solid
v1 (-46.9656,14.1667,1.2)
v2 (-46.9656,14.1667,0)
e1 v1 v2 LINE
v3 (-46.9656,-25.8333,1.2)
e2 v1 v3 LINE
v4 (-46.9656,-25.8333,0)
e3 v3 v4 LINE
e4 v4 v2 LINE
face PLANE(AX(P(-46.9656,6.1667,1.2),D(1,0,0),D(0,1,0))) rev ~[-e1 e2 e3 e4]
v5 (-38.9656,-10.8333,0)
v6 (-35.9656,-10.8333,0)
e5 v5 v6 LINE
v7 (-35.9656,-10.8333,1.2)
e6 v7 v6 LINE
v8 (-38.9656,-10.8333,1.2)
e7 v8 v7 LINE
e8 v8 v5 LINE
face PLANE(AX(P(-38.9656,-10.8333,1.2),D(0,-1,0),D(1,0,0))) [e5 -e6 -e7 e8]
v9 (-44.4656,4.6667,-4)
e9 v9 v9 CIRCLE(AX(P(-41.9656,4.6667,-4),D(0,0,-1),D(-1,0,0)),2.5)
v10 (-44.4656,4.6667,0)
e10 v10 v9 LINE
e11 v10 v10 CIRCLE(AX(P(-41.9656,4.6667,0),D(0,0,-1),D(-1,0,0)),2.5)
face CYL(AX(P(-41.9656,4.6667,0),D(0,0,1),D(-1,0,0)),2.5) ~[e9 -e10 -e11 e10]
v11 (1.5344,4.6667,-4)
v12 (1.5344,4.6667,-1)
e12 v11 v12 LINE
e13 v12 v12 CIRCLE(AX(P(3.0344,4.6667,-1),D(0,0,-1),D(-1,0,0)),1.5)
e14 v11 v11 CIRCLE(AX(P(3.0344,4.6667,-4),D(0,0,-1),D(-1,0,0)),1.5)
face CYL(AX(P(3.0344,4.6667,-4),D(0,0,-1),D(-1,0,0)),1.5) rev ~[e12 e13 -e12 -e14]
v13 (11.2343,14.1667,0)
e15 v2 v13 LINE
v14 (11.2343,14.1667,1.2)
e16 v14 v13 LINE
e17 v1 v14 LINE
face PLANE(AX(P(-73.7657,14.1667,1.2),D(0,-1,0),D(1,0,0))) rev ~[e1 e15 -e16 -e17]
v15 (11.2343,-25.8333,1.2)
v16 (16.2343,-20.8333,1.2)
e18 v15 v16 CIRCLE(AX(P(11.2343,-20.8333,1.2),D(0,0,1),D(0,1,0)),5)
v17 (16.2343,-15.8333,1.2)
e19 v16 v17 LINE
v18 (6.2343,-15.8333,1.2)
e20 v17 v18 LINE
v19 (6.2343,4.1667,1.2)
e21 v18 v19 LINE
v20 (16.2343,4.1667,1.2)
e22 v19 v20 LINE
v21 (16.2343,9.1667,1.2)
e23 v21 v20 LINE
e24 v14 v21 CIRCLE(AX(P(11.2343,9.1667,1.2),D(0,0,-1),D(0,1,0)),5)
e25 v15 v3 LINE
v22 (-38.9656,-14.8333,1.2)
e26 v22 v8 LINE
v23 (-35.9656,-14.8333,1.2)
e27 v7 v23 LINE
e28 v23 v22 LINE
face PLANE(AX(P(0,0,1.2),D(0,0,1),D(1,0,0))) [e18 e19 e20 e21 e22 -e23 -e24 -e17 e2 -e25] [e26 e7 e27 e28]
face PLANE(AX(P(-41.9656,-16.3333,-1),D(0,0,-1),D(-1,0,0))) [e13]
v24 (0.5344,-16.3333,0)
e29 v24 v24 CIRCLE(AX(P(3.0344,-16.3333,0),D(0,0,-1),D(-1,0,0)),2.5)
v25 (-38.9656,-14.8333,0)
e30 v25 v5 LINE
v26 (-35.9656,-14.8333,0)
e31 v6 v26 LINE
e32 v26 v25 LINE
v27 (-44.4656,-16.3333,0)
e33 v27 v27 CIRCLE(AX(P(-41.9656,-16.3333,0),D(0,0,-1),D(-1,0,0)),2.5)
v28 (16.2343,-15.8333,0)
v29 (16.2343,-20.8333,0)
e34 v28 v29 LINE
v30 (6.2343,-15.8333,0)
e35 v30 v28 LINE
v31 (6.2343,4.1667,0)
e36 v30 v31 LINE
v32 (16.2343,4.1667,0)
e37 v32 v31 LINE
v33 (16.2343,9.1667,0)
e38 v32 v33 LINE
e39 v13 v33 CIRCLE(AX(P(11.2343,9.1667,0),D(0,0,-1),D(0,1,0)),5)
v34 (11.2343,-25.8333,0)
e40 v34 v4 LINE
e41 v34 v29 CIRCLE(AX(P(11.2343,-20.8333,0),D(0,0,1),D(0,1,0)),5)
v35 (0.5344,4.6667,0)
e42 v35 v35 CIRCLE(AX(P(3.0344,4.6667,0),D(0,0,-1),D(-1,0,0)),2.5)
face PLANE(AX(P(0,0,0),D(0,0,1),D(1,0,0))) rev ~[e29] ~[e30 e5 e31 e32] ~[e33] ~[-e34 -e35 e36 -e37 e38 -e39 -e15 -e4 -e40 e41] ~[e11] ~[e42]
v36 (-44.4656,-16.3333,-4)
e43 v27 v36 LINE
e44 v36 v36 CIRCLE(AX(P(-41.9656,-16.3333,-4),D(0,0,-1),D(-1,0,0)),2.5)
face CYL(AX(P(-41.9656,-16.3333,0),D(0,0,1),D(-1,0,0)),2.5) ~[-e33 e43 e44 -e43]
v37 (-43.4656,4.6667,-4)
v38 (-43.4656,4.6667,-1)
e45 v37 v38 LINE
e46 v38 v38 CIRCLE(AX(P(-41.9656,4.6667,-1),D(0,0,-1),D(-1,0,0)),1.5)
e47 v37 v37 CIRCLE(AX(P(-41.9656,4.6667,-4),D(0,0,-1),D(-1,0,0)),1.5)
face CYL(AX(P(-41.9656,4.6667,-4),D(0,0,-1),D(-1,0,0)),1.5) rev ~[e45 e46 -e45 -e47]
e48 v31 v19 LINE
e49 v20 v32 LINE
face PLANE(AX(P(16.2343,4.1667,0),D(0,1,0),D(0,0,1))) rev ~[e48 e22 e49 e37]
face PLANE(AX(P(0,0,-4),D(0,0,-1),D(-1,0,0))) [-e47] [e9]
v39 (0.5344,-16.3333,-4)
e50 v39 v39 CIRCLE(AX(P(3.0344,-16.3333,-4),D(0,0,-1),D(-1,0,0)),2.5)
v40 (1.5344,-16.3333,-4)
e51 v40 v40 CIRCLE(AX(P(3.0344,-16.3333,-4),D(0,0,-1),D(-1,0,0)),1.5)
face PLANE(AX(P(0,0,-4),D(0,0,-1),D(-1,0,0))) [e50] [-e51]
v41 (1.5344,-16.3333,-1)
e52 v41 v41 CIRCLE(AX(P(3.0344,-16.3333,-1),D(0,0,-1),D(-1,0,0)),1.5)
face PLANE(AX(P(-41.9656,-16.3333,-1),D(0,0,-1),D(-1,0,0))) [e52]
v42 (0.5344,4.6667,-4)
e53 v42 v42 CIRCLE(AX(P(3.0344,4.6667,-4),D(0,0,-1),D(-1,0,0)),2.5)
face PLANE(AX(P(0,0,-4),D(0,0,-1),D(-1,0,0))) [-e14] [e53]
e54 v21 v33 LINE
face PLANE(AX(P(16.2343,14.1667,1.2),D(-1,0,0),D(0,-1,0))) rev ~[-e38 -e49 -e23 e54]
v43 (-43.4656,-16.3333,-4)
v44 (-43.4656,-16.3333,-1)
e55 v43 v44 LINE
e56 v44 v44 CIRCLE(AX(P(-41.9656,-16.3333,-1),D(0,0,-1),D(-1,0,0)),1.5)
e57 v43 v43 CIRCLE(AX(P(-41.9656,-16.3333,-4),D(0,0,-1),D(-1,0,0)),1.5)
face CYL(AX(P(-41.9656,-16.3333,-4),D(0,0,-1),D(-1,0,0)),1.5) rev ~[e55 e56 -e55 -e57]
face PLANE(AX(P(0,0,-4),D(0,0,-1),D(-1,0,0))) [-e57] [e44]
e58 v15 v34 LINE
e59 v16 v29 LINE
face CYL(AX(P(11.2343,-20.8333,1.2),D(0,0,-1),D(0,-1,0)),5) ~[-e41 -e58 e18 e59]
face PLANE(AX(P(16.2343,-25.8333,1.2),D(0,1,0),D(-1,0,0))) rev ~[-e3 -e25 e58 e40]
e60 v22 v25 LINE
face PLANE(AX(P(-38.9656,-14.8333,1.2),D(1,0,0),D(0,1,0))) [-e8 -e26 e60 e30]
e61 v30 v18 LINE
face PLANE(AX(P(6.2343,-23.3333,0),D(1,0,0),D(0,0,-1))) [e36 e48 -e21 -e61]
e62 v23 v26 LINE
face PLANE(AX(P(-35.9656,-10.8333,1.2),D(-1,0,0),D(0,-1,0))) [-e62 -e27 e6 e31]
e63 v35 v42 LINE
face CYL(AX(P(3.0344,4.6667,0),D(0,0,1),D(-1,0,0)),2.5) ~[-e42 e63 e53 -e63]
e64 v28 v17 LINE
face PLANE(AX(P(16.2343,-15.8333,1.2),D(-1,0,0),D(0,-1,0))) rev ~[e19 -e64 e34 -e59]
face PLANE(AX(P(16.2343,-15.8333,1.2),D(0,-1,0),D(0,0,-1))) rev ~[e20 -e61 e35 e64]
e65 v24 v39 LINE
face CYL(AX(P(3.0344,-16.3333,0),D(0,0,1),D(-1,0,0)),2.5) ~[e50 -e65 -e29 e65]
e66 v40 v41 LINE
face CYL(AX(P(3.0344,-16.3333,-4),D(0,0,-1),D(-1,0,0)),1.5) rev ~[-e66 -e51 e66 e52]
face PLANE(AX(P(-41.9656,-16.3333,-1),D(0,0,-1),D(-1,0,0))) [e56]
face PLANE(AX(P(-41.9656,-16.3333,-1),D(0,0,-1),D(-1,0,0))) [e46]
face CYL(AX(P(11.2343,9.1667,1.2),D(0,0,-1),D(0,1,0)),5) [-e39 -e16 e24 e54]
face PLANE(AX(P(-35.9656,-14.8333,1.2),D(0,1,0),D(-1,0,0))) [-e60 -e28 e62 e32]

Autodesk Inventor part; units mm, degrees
ref_plane "YZ Plane" through (0, 0, 0) normal (1, 0, 0) x (0, 1, 0)
ref_plane "XZ Plane" through (0, 0, 0) normal (0, 1, 0) x (-1, 0, 0)
ref_plane "XY Plane" through (0, 0, 0) normal (0, 0, 1) x (1, 0, 0)
sketch "Sketch1" plane through (0, 0, 0) normal (0, 0, 1) x (1, 0, 0)
  line L0 (-66.7657, 11.6667) -> (16.2343, 11.6667)
  line L1 (16.2343, 11.6667) -> (16.2343, -23.3333)
  line L2 (16.2343, -23.3333) -> (-66.7657, -23.3333)
  line L3 (-66.7657, -23.3333) -> (-66.7657, 11.6667)
  point P0 (0, 0)
  dimension "d0" = 35
  dimension "d1" = 83
extrude "Extrusion1" add sketch "Sketch1" along normal blind 1.2
sketch "Sketch2" plane through (0, 0, 1.2) normal (0, 0, 1) x (1, 0, 0)
  line L0 (16.2343, -23.3333) -> (16.2343, 11.6667) projected
  line L1 (-66.7657, 11.6667) -> (16.2343, 11.6667)
  line L2 (16.2343, 11.6667) -> (16.2343, 9.8667)
  line L3 (16.2343, 9.8667) -> (-66.7657, 9.8667)
  line L4 (-66.7657, 9.8667) -> (-66.7657, 11.6667)
  line L5 (-66.7657, 11.6667) -> (-66.7657, -23.3333) projected
  line L6 (16.2343, -23.3333) -> (-66.7657, -23.3333)
  line L7 (-66.7657, -23.3333) -> (-66.7657, -21.5333)
  line L8 (-66.7657, -21.5333) -> (16.2343, -21.5333)
  line L9 (16.2343, -21.5333) -> (16.2343, -23.3333)
  line L10 (-66.7657, 9.8667) -> (-65.5657, 9.8667)
  line L11 (-65.5657, 9.8667) -> (-65.5657, -21.5333)
  line L12 (-65.5657, -21.5333) -> (-66.7657, -21.5333)
  line L13 (-66.7657, -21.5333) -> (-66.7657, 9.8667)
  line L14 (16.2343, 9.8667) -> (15.0343, 9.8667)
  line L15 (15.0343, 9.8667) -> (15.0343, -21.5333)
  line L16 (15.0343, -21.5333) -> (16.2343, -21.5333)
  line L17 (16.2343, -21.5333) -> (16.2343, 9.8667)
  line L18 (-66.7657, 11.6667) -> (-65.5657, 11.6667)
  line L19 (-65.5657, 11.6667) -> (-65.5657, -21.5333)
  line L20 (-65.5657, -21.5333) -> (-66.7657, -21.5333)
  line L21 (-66.7657, -21.5333) -> (-66.7657, 11.6667)
  line L22 (-66.7657, 11.6667) -> (16.2343, 11.6667)
  line L23 (16.2343, 11.6667) -> (16.2343, 9.8667)
  line L24 (16.2343, 9.8667) -> (-66.7657, 9.8667)
  line L25 (-66.7657, 9.8667) -> (-66.7657, 11.6667)
  point P0 (0, 0)
  dimension "d4" = 1.8
  dimension "d5" = 1.8
  dimension "d6" = 1.2
  dimension "d7" = 1.2
extrude "Extrusion2" add sketch "Sketch2" along normal blind 30 contours L6 L5 L8 L0 | L8 L15 L3 L0 | L3 L19 L1 L0 | L5 L3 L11 L8 | L4 L1 L19 L3
sketch "Sketch3" plane through (0, 0, 31.2) normal (0, 0, 1) x (1, 0, 0)
  point P0 (0, 0)
sketch "Sketch4" plane through (16.2343, -23.3333, 0) normal (1, 0, 0) x (0, 0, -1)
  line L0 (-1.2, 33.2) -> (-1.2, 1.8) projected
  line L1 (-1.2, 7.5) -> (-6.2, 7.5)
  line L2 (-6.2, 7.5) -> (-6.2, 27.5)
  line L3 (-6.2, 27.5) -> (-1.2, 27.5)
  line L4 (-1.2, 27.5) -> (-1.2, 7.5)
  line L5 (-1.2, 1.8) -> (-31.2, 1.8) projected
  line L6 (-1.2, 33.2) -> (-31.2, 33.2) projected
  line L7 (-6.2, 7.5) -> (0, 7.5)
  line L8 (0, 7.5) -> (0, 27.5)
  line L9 (0, 27.5) -> (-6.2, 27.5)
  line L10 (-6.2, 27.5) -> (-6.2, 7.5)
  line L11 (0, 35) -> (0, 0) projected
  point P0 (0, 23.3333)
  dimension "d10" = 20
  dimension "d11" = 5
  dimension "d12" = 5.7
  dimension "d13" = 5.7
extrude "Extrusion3" cut sketch "Sketch4" against normal blind 10
fillet "Fillet1" radius 2 8 edges at (-66.7657, 11.6667, 15.6) (-65.5657, 9.8667, 16.2) (-66.7657, -23.3333, 15.6) (-65.5657, -21.5333, 16.2) (15.0343, 9.8667, 16.2) (16.2343, 11.6667, 15.6) (16.2343, -23.3333, 15.6) (15.0343, -21.5333, 16.2)
sketch "Sketch5" plane through (0, 0, 1.2) normal (0, 0, 1) x (1, 0, 0)
  circle A0 centre (10.0343, 6.6667) radius 1.5
  circle A1 centre (10.0343, -18.3333) radius 1.5
  line L0 (15.0343, 7.8667) -> (15.0343, -19.5333) projected
  line L1 (13.0343, -21.5333) -> (-63.5657, -21.5333) projected
  line L2 (-63.5657, 9.8667) -> (13.0343, 9.8667) projected
  point P0 (0, 0)
  dimension "d17" = 3
  dimension "d18" = 3
  dimension "d19" = 25
  dimension "d20" = 5
  dimension "d21" = 5
  dimension "d22" = 3.2
  dimension "d23" = 3.2
extrude "Extrusion4" add sketch "Sketch5" along normal blind 5
sketch "Sketch6" plane through (0, 0, 1.2) normal (0, 0, 1) x (1, 0, 0)
  circle A0 centre (-41.9656, -18.3962) radius 1.5
  circle A1 centre (-41.9656, 6.6038) radius 1.5
  circle A2 centre (10.0343, 6.6667) radius 1.5 projected
  circle A3 centre (10.0343, -18.3333) radius 1.5 projected
  point P0 (0, 0)
  dimension "d26" = 3
  dimension "d27" = 3
  dimension "d28" = 25
  dimension "d29" = 52
  dimension "d30" = 52
extrude "Extrusion5" add sketch "Sketch6" along normal blind 5 contours A0 | A1
sketch "Sketch7" plane through (-41.9656, 6.6038, 6.2) normal (0, 0, 1) x (1, 0, 0)
  point P0 (41.9656, -6.6038)
sketch "Sketch8" plane through (0, 0, 1.2) normal (0, 0, 1) x (1, 0, 0)
  circle A0 centre (-41.9656, -18.3962) radius 1.5 projected
  circle A1 centre (-41.9656, -18.3962) radius 3
  circle A2 centre (-41.9656, 6.6038) radius 1.5 projected
  circle A3 centre (-41.9656, 6.6038) radius 3
  circle A4 centre (10.0343, -18.3333) radius 1.5 projected
  circle A5 centre (10.0343, -18.3333) radius 3
  circle A6 centre (10.0343, 6.6667) radius 1.5 projected
  circle A7 centre (10.0343, 6.6667) radius 3
  point P0 (0, 0)
  dimension "d33" = 6
  dimension "d34" = 6
  dimension "d35" = 6
  dimension "d36" = 6
extrude "Extrusion6" add sketch "Sketch8" along normal blind 5
sketch "Sketch9" plane through (0, 0, 1.2) normal (0, 0, 1) x (1, 0, 0)
  arc A0 (8.376, -15.8333) -> (11.6926, -15.8333) centre (10.0343, -18.3333) ccw projected
  circle A1 centre (10.0343, -18.3333) radius 3
  arc A2 (11.6926, 4.1667) -> (8.376, 4.1667) centre (10.0343, 6.6667) ccw projected
  circle A3 centre (10.0343, 6.6667) radius 3
  point P0 (0, 0)
  dimension "d39" = 6
  dimension "d40" = 6
extrude "Extrusion7" add sketch "Sketch9" against normal blind 1.2
sketch "Sketch10" plane through (-41.9656, -18.3962, 6.2) normal (0, 0, 1) x (1, 0, 0)
  circle A0 centre (0, 0) radius 3 projected
  circle A1 centre (0, 0) radius 1.5
  circle A2 centre (0, 25) radius 3 projected
  circle A3 centre (0, 25) radius 1.5
  circle A4 centre (52, 0.0629) radius 3 projected
  circle A5 centre (52, 0.0629) radius 1.5
  circle A6 centre (52, 25.0629) radius 3 projected
  circle A7 centre (52, 25.0629) radius 1.5
  point P0 (41.9656, 18.3962)
  dimension "d43" = 3
  dimension "d44" = 3
  dimension "d45" = 3
  dimension "d46" = 3
extrude "Extrusion8" cut sketch "Sketch10" against normal blind 4 contours A1 | A3 | A5 | A7
thread "Thread1" size "M3x0.5" class "6H" standard "ANSI Metric M Profile" full length
thread "Thread2" size "M3x0.5" class "6H" standard "ANSI Metric M Profile" full length
thread "Thread3" size "M3x0.5" class "6H" standard "ANSI Metric M Profile" full length
thread "Thread4" size "M3x0.5" class "6H" standard "ANSI Metric M Profile" full length
sketch "Sketch11" plane through (0, 0, 31.2) normal (0, 0, 1) x (1, 0, 0)
  arc A0 (-64.7657, 11.6667) -> (-66.7657, 9.6667) centre (-64.7657, 9.6667) ccw projected
  line L0 (-66.7657, 9.6667) -> (16.2343, 9.6667)
  line L1 (16.2343, 9.6667) -> (16.2343, 14.6667)
  line L2 (16.2343, 14.6667) -> (-66.7657, 14.6667)
  line L3 (-66.7657, 14.6667) -> (-66.7657, 9.6667)
  line L4 (16.2343, -21.3333) -> (-66.7657, -21.3333)
  line L5 (-66.7657, -21.3333) -> (-66.7657, -26.3333)
  line L6 (-66.7657, -26.3333) -> (16.2343, -26.3333)
  line L7 (16.2343, -26.3333) -> (16.2343, -21.3333)
  point P0 (0, 0)
  dimension "d57" = 5
  dimension "d58" = 5
  dimension "d59" = 83
extrude "Extrusion9" add sketch "Sketch11" against normal blind 31.2
fillet "Fillet2" radius 2 4 edges at (16.2343, -26.3333, 15.6) (16.2343, 14.6667, 15.6) (-66.7657, 14.6667, 15.6) (-66.7657, -26.3333, 15.6)
sketch "Sketch12" plane through (0, 0, 31.2) normal (0, 0, 1) x (1, 0, 0)
  line L0 (14.2343, -26.3333) -> (-64.7657, -26.3333) projected
  line L1 (8.2343, -26.3333) -> (-58.7657, -26.3333)
  line L2 (-58.7657, -26.3333) -> (-58.7657, -23.1333)
  line L3 (-58.7657, -23.1333) -> (8.2343, -23.1333)
  line L4 (8.2343, -23.1333) -> (8.2343, -26.3333)
  line L5 (-64.7657, 14.6667) -> (14.2343, 14.6667) projected
  line L6 (8.2343, 14.6667) -> (-58.7657, 14.6667)
  line L7 (-58.7657, 14.6667) -> (-58.7657, 11.4667)
  line L8 (-58.7657, 11.4667) -> (8.2343, 11.4667)
  line L9 (8.2343, 11.4667) -> (8.2343, 14.6667)
  line L10 (16.2343, -24.3333) -> (16.2343, 12.6667) projected
  line L11 (-66.7657, 12.6667) -> (-66.7657, -24.3333) projected
  line L12 (13.9061, -21.3333) -> (-64.4375, -21.3333) projected
  line L13 (10.0343, 9.6667) -> (-64.4375, 9.6667) projected
  point P0 (0, 0)
  dimension "d63" = 8
  dimension "d64" = 8
  dimension "d65" = 1.8
  dimension "d66" = 1.8
extrude "Extrusion10" cut sketch "Sketch12" against normal blind 31.2
fillet "Fillet3" radius 2 4 edges at (8.2343, -26.3333, 15.6) (-58.7657, -26.3333, 15.6) (8.2343, 14.6667, 15.6) (-58.7657, 14.6667, 15.6)
sketch "Sketch13" plane through (0, 0, 31.2) normal (0, 0, 1) x (1, 0, 0)
  line L0 (14.2343, -26.3333) -> (10.2343, -26.3333) projected
  circle A0 centre (12.2343, -23.9333) radius 1.5
  circle A1 centre (-62.7657, -23.9333) radius 1.5
  line L1 (-64.7657, -26.3333) -> (-60.7657, -26.3333) projected
  circle A2 centre (12.2343, 12.2667) radius 1.5
  circle A3 centre (-62.7657, 12.2667) radius 1.5
  line L2 (-66.7657, 12.6667) -> (-66.7657, -24.3333) projected
  line L3 (-60.7657, 14.6667) -> (-64.7657, 14.6667) projected
  line L4 (16.2343, -24.3333) -> (16.2343, 12.6667) projected
  line L5 (14.2343, 14.6667) -> (10.2343, 14.6667) projected
  line L6 (8.2343, -23.1333) -> (8.2343, -24.3333) projected
  point P0 (0, 0)
  dimension "d70" = 2.4
  dimension "d71" = 3
  dimension "d72" = 3
  dimension "d73" = 2.4
  dimension "d74" = 3
  dimension "d75" = 3
  dimension "d76" = 4
  dimension "d77" = 4
  dimension "d78" = 2.4
  dimension "d79" = 4
  dimension "d80" = 2.4
  dimension "d81" = 4
hole "Hole1" at (12.2343, -23.9333, 31.2) at (12.2343, 12.2667, 31.2) at (-62.7657, -23.9333, 31.2) at (-62.7657, 12.2667, 31.2) direction (0, 0, -1) diameter 3 depth 5 tip angle 118
sketch "Sketch14" plane through (0, 0, 31.2) normal (0, 0, 1) x (1, 0, 0)
  line L0 (-68.9331, 15.611) -> (20.031, 15.611)
  line L1 (20.031, 15.611) -> (20.031, -27.6485)
  line L2 (20.031, -27.6485) -> (-68.9331, -27.6485)
  line L3 (-68.9331, -27.6485) -> (-68.9331, 15.611)
  point P0 (0, 0)
extrude "Extrusion11" cut sketch "Sketch14" against normal blind 25
sketch "Sketch15" plane through (0, 0, 6.2) normal (0, 0, 1) x (1, 0, 0)
  line L0 (-73.259, 21.6297) -> (22.194, 21.6297)
  line L1 (22.194, 21.6297) -> (22.194, 9.6667)
  line L2 (22.194, 9.6667) -> (-73.259, 9.6667)
  line L3 (-73.259, 9.6667) -> (-73.259, 21.6297)
  line L4 (-69.8735, -21.3333) -> (26.0497, -21.3333)
  line L5 (26.0497, -21.3333) -> (26.0497, -30.3757)
  line L6 (26.0497, -30.3757) -> (-69.8735, -30.3757)
  line L7 (-69.8735, -30.3757) -> (-69.8735, -21.3333)
  line L8 (10.0343, 9.6667) -> (-64.4375, 9.6667) projected
  line L9 (-41.3548, -21.3333) -> (10.0343, -21.3333) projected
  point P0 (0, 0)
extrude "Extrusion12" cut sketch "Sketch15" against normal blind 25
sketch "Sketch16" plane through (0, 0, 1.2) normal (0, 0, 1) x (1, 0, 0)
  line L0 (6.2343, 4.1667) -> (16.2343, 4.1667)
  line L1 (16.2343, 4.1667) -> (16.2343, -15.8333)
  line L2 (16.2343, -15.8333) -> (6.2343, -15.8333)
  line L3 (6.2343, -15.8333) -> (6.2343, 4.1667)
  point P0 (0, 0)
extrude "Extrusion13" cut sketch "Sketch16" against normal blind 25
sketch "Sketch17" plane through (0, 0, 1.2) normal (0, 0, 1) x (1, 0, 0)
  line L0 (6.2343, 4.1667) -> (16.2343, 4.1667)
  line L1 (16.2343, 4.1667) -> (16.2343, -15.8333)
  line L2 (16.2343, -15.8333) -> (6.2343, -15.8333)
  line L3 (6.2343, -15.8333) -> (6.2343, 4.1667)
  point P0 (0, 0)
extrude "Extrusion14" cut sketch "Sketch17" along normal blind 25
sketch "Sketch18" plane through (0, 0, 1.2) normal (0, 0, 1) x (1, 0, 0)
  line L0 (15.0343, -19.5333) -> (15.0343, -15.8333) projected
  line L1 (6.2343, 5.1667) -> (15.0343, 5.1667)
  line L2 (15.0343, 5.1667) -> (15.0343, -16.8333)
  line L3 (15.0343, -16.8333) -> (6.2343, -16.8333)
  line L4 (6.2343, -16.8333) -> (6.2343, 5.1667)
  line L5 (6.2343, 4.1667) -> (8.376, 4.1667) projected
  line L6 (15.0343, -15.8333) -> (11.6926, -15.8333) projected
  line L7 (6.2343, -15.8333) -> (6.2343, 4.1667) projected
  point P0 (0, 0)
  dimension "d97" = 1
  dimension "d98" = 1
extrude "Extrusion15" cut sketch "Sketch18" along normal blind 25
sketch "Sketch19" plane through (0, 0, 6.2) normal (0, 0, 1) x (1, 0, 0)
  line L0 (13.9061, 9.6667) -> (16.2343, 9.6667)
  line L1 (16.2343, 9.6667) -> (16.2343, -21.3333)
  line L2 (16.2343, -21.3333) -> (13.9061, -21.3333)
  line L3 (13.9061, -21.3333) -> (13.9061, 9.6667)
  line L4 (-66.7657, 9.6667) -> (-64.4375, 9.6667)
  line L5 (-64.4375, 9.6667) -> (-64.4375, -21.3333)
  line L6 (-64.4375, -21.3333) -> (-66.7657, -21.3333)
  line L7 (-66.7657, -21.3333) -> (-66.7657, 9.6667)
  point P0 (0, 0)
extrude "Extrusion16" cut sketch "Sketch19" against normal blind 5
sketch "Sketch20" plane through (0, 0, 1.2) normal (0, 0, 1) x (1, 0, 0)
  line L0 (-73.7657, 14.1667) -> (16.2343, 14.1667)
  line L1 (16.2343, 14.1667) -> (16.2343, -25.8333)
  line L2 (16.2343, -25.8333) -> (-73.7657, -25.8333)
  line L3 (-73.7657, -25.8333) -> (-73.7657, 14.1667)
  line L4 (16.2343, 9.6667) -> (16.2343, 4.1667) projected
  line L5 (-66.7657, 9.6667) -> (16.2343, 9.6667) projected
  line L6 (-41.3548, -21.3333) -> (10.0343, -21.3333) projected
  line L7 (-66.7657, -21.3333) -> (-66.7657, 9.6667) projected
  line L8 (16.2343, 4.1667) -> (6.2343, 4.1667)
  line L9 (6.2343, 4.1667) -> (6.2343, -15.8333)
  line L10 (6.2343, -15.8333) -> (16.2343, -15.8333)
  line L11 (16.2343, -15.8333) -> (16.2343, 4.1667)
  point P0 (0, 0)
  dimension "d103" = 90
  dimension "d104" = 40
  dimension "d105" = 4.5
  dimension "d106" = 4.5
  dimension "d107" = 7
extrude "Extrusion17" add sketch "Sketch20" against normal blind 1.2 contours L0 L1 L8 L9 L10 L2 L3
fillet "Fillet4" radius 5 4 edges at (-73.7657, 14.1667, 0.6) (-73.7657, -25.8333, 0.6) (16.2343, -25.8333, 0.6) (16.2343, 14.1667, 0.6)
sketch "Sketch21" plane through (0, 0, 1.2) normal (0, 0, 1) x (1, 0, 0)
  line L0 (-65.7657, 6.1667) -> (-46.9656, 6.1667)
  line L1 (-46.9656, 6.1667) -> (-46.9656, -17.8333)
  line L2 (-46.9656, -17.8333) -> (-65.7657, -17.8333)
  line L3 (-65.7657, -17.8333) -> (-65.7657, 6.1667)
  line L4 (-68.7657, 14.1667) -> (11.2343, 14.1667) projected
  line L5 (11.2343, -25.8333) -> (-68.7657, -25.8333) projected
  line L6 (-73.7657, -20.8333) -> (-73.7657, 9.1667) projected
  circle A0 centre (-41.9656, 6.6038) radius 1.5 projected
  point P0 (0, 0)
  dimension "d111" = 8
  dimension "d112" = 8
  dimension "d113" = 8
  dimension "d114" = 5
extrude "Extrusion18" cut sketch "Sketch21" against normal blind 1.2 contours L0 L1 L2 L3
sketch "Sketch22" plane through (0, 0, 1.2) normal (0, 0, 1) x (1, 0, 0)
  line L0 (-38.9656, -10.8333) -> (-35.9656, -10.8333)
  line L1 (-35.9656, -10.8333) -> (-35.9656, -14.8333)
  line L2 (-35.9656, -14.8333) -> (-38.9656, -14.8333)
  line L3 (-38.9656, -14.8333) -> (-38.9656, -10.8333)
  line L4 (-46.9656, -17.8333) -> (-65.7657, -17.8333) projected
  circle A0 centre (-41.9656, -18.3962) radius 1.5 projected
  line L5 (11.2343, -25.8333) -> (-68.7657, -25.8333) projected
  point P0 (0, 0)
  dimension "d117" = 3
  dimension "d119" = 4
  dimension "d120" = 3
  dimension "d121" = 11
extrude "Extrusion19" cut sketch "Sketch22" against normal blind 1.2 contours L0 L1 L2 L3
sketch "Sketch23" plane through (0, 0, 1.2) normal (0, 0, 1) x (1, 0, 0)
  point P0 (0, 0)
sketch "Sketch24" plane through (0, 0, 1.2) normal (0, 0, 1) x (1, 0, 0)
  line L0 (-45.9236, 11.5782) -> (14.0106, 11.5782)
  line L1 (14.0106, 11.5782) -> (14.0106, -22.9618)
  line L2 (14.0106, -22.9618) -> (-45.9236, -22.9618)
  line L3 (-45.9236, -22.9618) -> (-45.9236, 11.5782)
  point P0 (0, 0)
extrude "Extrusion20" cut sketch "Sketch24" along normal blind 10
sketch "Sketch25" plane through (0, 0, 1.2) normal (0, 0, 1) x (1, 0, 0)
  line L0 (-68.7657, 14.1667) -> (11.2343, 14.1667) projected
  line L1 (-46.9656, 14.1667) -> (-73.7657, 14.1667)
  line L2 (-73.7657, 14.1667) -> (-73.7657, -25.8333)
  line L3 (-73.7657, -25.8333) -> (-46.9656, -25.8333)
  line L4 (-46.9656, -25.8333) -> (-46.9656, 14.1667)
  line L5 (-46.9656, 6.1667) -> (-46.9656, -17.8333) projected
  line L6 (-73.7657, -20.8333) -> (-73.7657, 9.1667) projected
  line L7 (11.2343, -25.8333) -> (-68.7657, -25.8333) projected
  point P0 (0, 0)
extrude "Extrusion21" cut sketch "Sketch25" against normal blind 10
sketch "Sketch26" plane through (0, 0, 0) normal (0, 0, -1) x (-1, 0, 0)
  circle A0 centre (-3.0344, -16.3333) radius 2.5
  circle A1 centre (-3.0344, 4.6667) radius 2.5
  circle A2 centre (41.9656, -16.3333) radius 2.5
  circle A3 centre (41.9656, 4.6667) radius 2.5
  line L0 (46.9656, -25.8333) -> (46.9656, 14.1667) projected
  line L1 (-11.2343, -25.8333) -> (46.9656, -25.8333) projected
  line L2 (46.9656, 14.1667) -> (-11.2343, 14.1667) projected
  point P0 (0, 0)
  dimension "d128" = 5
  dimension "d129" = 5
  dimension "d130" = 5
  dimension "d131" = 5
  dimension "d132" = 45
  dimension "d133" = 21
  dimension "d134" = 0
  dimension "d135" = 21
  dimension "d136" = 45
  dimension "d137" = 5
  dimension "d138" = 9.5
  dimension "d139" = 9.5
  dimension "d140" = 9.5
extrude "Extrusion22" add sketch "Sketch26" along normal blind 4
sketch "Sketch27" plane through (-41.9656, -16.3333, -4) normal (0, 0, -1) x (-1, 0, 0)
  circle A0 centre (0, 0) radius 2.5 projected
  circle A1 centre (0, 0) radius 1.5
  circle A2 centre (0, 21) radius 2.5 projected
  circle A3 centre (0, 21) radius 1.5
  circle A4 centre (-45, 0) radius 2.5 projected
  circle A5 centre (-45, 0) radius 1.5
  circle A6 centre (-45, 21) radius 2.5 projected
  circle A7 centre (-45, 21) radius 1.5
  point P0 (-41.9656, 16.3333)
  dimension "d143" = 3
  dimension "d144" = 3
  dimension "d145" = 3
  dimension "d146" = 3
extrude "Extrusion23" cut sketch "Sketch27" against normal blind 3 contours A1 | A3 | A5 | A7
properties part number "Case Relay"
